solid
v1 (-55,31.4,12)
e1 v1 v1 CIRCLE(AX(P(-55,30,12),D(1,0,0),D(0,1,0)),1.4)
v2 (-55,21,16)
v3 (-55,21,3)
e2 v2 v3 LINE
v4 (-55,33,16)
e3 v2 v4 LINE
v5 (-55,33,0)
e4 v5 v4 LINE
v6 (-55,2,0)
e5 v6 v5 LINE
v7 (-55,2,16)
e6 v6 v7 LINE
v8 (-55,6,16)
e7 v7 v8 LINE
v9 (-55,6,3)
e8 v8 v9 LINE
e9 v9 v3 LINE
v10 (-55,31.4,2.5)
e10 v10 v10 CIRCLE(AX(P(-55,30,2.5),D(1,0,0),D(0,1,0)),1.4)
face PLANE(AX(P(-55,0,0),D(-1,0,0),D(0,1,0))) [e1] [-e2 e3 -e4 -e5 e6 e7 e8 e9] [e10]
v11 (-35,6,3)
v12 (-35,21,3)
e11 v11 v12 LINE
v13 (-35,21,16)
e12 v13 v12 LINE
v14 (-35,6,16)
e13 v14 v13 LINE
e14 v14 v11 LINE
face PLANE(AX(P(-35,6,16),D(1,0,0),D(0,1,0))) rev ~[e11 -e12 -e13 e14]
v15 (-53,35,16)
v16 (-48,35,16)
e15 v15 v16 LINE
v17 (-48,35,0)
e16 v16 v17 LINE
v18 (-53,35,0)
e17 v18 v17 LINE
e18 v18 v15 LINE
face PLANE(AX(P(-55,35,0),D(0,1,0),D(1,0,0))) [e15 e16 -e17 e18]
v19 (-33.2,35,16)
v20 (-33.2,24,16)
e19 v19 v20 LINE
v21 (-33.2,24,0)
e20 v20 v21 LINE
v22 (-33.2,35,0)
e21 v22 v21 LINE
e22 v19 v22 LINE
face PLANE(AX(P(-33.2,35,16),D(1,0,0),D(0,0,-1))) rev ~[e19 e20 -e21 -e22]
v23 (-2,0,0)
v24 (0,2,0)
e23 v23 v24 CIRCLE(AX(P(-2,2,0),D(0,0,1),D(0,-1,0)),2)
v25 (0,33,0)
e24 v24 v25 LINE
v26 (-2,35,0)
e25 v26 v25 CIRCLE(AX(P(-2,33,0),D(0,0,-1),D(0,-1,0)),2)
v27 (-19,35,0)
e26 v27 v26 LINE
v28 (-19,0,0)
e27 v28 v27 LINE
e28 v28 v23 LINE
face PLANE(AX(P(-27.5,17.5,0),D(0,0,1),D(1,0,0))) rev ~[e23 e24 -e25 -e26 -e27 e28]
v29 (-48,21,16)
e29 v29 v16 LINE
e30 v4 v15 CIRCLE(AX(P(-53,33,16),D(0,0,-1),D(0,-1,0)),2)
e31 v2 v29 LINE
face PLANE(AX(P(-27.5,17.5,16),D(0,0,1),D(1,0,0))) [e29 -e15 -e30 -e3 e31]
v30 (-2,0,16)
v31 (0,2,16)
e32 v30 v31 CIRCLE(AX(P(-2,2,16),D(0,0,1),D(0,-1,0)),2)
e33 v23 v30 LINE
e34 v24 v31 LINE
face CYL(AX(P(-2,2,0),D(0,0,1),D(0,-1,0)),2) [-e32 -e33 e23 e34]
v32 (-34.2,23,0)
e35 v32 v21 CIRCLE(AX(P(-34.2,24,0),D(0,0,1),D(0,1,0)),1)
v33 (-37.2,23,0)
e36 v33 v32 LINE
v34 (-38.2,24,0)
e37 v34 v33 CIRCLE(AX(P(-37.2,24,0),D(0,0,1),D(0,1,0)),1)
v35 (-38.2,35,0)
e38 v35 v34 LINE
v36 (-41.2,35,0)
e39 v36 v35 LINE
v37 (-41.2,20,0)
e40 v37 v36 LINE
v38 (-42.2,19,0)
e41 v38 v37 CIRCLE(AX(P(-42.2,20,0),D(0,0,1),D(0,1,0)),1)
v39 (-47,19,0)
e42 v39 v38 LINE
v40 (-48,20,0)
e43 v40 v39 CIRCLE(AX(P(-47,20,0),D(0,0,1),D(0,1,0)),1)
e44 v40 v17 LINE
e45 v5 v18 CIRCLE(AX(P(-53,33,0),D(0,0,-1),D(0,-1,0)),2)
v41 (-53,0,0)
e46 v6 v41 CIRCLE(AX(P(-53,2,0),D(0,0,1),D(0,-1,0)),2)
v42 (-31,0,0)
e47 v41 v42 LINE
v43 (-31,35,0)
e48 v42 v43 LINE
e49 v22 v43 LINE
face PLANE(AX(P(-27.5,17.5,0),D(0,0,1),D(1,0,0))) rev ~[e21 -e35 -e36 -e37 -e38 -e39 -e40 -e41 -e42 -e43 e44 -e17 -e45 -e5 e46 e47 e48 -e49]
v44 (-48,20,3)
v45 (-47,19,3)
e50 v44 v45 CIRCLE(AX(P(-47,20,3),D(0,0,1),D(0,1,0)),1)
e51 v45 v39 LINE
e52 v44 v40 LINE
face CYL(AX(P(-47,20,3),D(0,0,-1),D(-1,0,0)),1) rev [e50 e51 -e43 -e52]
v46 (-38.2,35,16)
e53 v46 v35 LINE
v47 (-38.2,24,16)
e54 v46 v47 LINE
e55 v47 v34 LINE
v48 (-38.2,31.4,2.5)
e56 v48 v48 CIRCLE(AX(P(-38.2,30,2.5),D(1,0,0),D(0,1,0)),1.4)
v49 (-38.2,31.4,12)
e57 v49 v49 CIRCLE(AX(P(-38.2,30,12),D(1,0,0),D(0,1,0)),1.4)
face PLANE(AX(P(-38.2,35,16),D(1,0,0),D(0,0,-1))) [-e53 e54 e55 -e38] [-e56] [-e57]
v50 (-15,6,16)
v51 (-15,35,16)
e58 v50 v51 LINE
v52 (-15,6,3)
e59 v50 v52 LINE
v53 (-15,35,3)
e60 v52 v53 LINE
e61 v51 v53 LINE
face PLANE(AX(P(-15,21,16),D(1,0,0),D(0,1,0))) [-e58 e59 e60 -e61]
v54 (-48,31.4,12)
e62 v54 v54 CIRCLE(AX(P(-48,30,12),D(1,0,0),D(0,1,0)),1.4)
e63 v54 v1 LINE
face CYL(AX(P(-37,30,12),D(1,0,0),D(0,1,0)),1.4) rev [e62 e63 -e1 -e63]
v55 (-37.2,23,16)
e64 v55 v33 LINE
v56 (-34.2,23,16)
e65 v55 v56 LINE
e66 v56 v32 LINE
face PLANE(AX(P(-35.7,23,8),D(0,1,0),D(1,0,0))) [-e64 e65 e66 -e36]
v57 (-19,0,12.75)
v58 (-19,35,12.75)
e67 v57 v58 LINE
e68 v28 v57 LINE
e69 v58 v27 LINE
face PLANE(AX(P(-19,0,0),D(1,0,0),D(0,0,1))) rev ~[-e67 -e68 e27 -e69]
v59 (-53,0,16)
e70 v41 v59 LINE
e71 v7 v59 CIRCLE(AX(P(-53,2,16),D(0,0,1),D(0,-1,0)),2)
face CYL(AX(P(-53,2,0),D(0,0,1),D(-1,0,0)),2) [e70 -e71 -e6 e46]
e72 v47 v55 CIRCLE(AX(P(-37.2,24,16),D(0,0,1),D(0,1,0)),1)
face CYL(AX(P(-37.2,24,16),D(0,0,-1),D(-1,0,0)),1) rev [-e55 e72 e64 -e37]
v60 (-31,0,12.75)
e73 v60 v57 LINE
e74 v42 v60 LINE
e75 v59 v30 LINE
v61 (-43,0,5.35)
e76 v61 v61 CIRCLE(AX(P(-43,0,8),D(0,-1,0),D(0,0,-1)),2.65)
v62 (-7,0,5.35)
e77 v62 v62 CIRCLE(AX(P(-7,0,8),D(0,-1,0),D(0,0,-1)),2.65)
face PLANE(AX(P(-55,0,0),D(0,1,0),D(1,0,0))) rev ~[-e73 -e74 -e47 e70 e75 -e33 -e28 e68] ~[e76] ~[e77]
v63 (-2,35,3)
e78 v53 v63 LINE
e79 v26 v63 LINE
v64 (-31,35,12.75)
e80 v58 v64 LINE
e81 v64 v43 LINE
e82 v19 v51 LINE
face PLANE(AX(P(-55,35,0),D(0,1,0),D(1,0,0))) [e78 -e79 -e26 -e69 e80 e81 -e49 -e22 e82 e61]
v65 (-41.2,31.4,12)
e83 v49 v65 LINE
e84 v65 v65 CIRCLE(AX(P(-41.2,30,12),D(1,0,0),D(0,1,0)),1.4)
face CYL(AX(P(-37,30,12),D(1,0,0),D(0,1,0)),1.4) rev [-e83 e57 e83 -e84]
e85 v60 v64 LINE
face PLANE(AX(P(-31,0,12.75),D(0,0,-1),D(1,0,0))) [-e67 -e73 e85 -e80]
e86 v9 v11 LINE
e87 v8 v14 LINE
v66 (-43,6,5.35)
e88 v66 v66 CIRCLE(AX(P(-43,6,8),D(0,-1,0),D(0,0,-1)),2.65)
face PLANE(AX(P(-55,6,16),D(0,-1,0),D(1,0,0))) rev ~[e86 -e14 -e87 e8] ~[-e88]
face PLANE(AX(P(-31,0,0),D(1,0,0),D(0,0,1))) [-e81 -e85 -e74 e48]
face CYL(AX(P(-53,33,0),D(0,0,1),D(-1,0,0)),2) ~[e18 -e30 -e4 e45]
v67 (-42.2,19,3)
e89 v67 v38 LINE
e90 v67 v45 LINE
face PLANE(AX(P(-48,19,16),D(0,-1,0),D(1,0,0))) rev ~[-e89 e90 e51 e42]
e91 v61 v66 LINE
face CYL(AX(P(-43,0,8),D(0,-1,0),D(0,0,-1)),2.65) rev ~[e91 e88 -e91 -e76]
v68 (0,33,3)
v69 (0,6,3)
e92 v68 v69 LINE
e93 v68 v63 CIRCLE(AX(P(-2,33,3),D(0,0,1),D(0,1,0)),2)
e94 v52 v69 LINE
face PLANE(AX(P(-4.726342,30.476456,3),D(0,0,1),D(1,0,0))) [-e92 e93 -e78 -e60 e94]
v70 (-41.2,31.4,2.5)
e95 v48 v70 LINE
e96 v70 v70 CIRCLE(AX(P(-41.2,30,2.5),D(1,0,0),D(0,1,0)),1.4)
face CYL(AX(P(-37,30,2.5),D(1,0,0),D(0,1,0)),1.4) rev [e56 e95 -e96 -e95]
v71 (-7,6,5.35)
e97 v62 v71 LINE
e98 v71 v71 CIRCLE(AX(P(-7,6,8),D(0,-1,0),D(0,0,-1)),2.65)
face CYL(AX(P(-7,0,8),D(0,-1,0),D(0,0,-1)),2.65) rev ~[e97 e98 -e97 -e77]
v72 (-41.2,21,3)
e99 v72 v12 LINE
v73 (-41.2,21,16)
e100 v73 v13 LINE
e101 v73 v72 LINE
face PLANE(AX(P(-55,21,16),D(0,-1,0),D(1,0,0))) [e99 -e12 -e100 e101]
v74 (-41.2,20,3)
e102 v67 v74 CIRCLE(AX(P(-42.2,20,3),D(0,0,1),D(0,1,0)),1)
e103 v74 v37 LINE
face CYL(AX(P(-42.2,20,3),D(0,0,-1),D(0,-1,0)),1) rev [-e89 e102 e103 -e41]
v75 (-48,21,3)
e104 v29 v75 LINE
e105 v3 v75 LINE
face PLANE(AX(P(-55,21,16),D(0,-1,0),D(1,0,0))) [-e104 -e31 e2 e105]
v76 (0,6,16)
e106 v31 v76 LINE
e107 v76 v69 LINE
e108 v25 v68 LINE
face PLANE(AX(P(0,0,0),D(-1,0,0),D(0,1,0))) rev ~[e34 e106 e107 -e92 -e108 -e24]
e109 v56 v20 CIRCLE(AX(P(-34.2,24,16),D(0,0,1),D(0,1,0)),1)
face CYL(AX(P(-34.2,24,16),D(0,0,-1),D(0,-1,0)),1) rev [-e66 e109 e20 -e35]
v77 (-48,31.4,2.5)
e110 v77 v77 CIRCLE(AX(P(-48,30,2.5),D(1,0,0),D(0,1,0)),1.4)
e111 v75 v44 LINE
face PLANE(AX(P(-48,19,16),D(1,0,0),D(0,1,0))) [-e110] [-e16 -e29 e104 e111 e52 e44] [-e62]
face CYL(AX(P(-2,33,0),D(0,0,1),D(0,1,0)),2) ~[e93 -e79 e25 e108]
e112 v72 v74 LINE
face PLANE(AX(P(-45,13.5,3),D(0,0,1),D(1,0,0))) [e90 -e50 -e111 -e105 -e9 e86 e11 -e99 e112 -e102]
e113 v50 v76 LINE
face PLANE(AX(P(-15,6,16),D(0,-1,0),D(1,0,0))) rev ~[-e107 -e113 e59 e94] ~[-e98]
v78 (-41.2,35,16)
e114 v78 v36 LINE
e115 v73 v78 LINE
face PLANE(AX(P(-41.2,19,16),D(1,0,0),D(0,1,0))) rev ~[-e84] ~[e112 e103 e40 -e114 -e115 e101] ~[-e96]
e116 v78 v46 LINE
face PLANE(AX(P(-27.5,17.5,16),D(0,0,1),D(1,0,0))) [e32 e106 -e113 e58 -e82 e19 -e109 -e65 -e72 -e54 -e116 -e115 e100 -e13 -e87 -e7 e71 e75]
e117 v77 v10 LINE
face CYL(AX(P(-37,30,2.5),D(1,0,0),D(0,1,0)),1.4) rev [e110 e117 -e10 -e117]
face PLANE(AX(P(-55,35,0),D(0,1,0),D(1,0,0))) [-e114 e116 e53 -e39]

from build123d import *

# Parameters (mm, degrees)
SKETCH_1_W               = 55
SKETCH_1_H               = 35
EXTRUDE_1_DEPTH          = 16
SKETCH_3_R               = 2.65
CUT_EXTRUDE_2_DEPTH      = 13
SKETCH_4_W               = 12
SKETCH_4_H               = 12.75
CUT_EXTRUDE_3_DEPTH      = 68.126745787
FILLET_1_R               = 2
CUT_EXTRUDE_9_DEPTH      = 68.126745787
CUT_EXTRUDE_9_DEPTH_BACK = 18
SKETCH_11_R              = 1.4
SKETCH_12_W              = 6.8
SKETCH_12_H              = 16
CUT_EXTRUDE_10_DEPTH     = 68.126745787
SKETCH_13_W              = 15
SKETCH_13_H              = 15
SKETCH_13_W_2            = 20
CUT_EXTRUDE_12_DEPTH     = 13
SKETCH_15_W              = 20.5473163
SKETCH_15_H              = 18.952912532
CUT_EXTRUDE_13_DEPTH     = 13
SKETCH_16_W              = 5
SKETCH_16_H              = 16
CUT_EXTRUDE_14_DEPTH     = 12
FILLET_3_R               = 1


with BuildPart() as part:
    # 草图1 → 凸台-拉伸1 (new body)
    with BuildSketch(Plane.XY):
        with Locations((-27.5, 17.5)):
            Rectangle(SKETCH_1_W, SKETCH_1_H)
    extrude(amount=EXTRUDE_1_DEPTH)

    # 草图3 → 切除-拉伸2 (cut)
    with BuildSketch(Plane.XZ):
        with Locations(Location((-43, 8, 0), (0, 0, 270))):
            Circle(SKETCH_3_R)
        with Locations(Location((-7, 8, 0), (0, 0, 270))):
            Circle(SKETCH_3_R)
    extrude(amount=-CUT_EXTRUDE_2_DEPTH, mode=Mode.SUBTRACT)

    # 草图4 → 切除-拉伸3 (cut, through all)
    with BuildSketch(Plane.XZ):
        with Locations((-25, 6.375)):
            Rectangle(SKETCH_4_W, SKETCH_4_H)
    extrude(amount=-CUT_EXTRUDE_3_DEPTH, mode=Mode.SUBTRACT)

    # 圆角1
    fillet_1_edges = [part.edges().sort_by_distance(p)[0] for p in [
        (-55, 35, 8),
        (0, 35, 8),
        (0, 0, 8),
        (-55, 0, 8),
    ]]
    fillet(fillet_1_edges, radius=FILLET_1_R)

    # 草图11 → 切除-拉伸9 (cut, two sides: drawn at the far end of the back side and taken through both)
    with BuildSketch(Plane.ZY.offset(55).offset(-CUT_EXTRUDE_9_DEPTH_BACK)):
        with Locations(Location((12, 30, 0), (0, 0, 90))):
            Circle(SKETCH_11_R)
        with Locations(Location((2.5, 30, 0), (0, 0, 90))):
            Circle(SKETCH_11_R)
    extrude(amount=CUT_EXTRUDE_9_DEPTH + CUT_EXTRUDE_9_DEPTH_BACK, mode=Mode.SUBTRACT)

    # 草图12 → 切除-拉伸10 (cut, through all)
    with BuildSketch(Plane.XY.offset(16)):
        with Locations((-44.6, 27)):
            Rectangle(SKETCH_12_W, SKETCH_12_H)
    extrude(amount=-CUT_EXTRUDE_10_DEPTH, mode=Mode.SUBTRACT)

    # 草图13 → 切除-拉伸12 (cut)
    with BuildSketch(Plane.XY.offset(16)):
        with Locations((-7.5, 13.5)):
            Rectangle(SKETCH_13_W, SKETCH_13_H)
        with Locations((-45, 13.5)):
            Rectangle(SKETCH_13_W_2, SKETCH_13_H)
    extrude(amount=-CUT_EXTRUDE_12_DEPTH, mode=Mode.SUBTRACT)

    # 草图15 → 切除-拉伸13 (cut)
    with BuildSketch(Plane.XY.offset(16)):
        with Locations((-4.72634185, 30.476456266)):
            Rectangle(SKETCH_15_W, SKETCH_15_H)
    extrude(amount=-CUT_EXTRUDE_13_DEPTH, mode=Mode.SUBTRACT)

    # 草图16 → 切除-拉伸14 (cut)
    with BuildSketch(Plane(origin=(0, 35, 0), x_dir=(1, 0, 0), z_dir=(0, 1, 0))):
        with Locations((-35.7, -8)):
            Rectangle(SKETCH_16_W, SKETCH_16_H)
    extrude(amount=-CUT_EXTRUDE_14_DEPTH, mode=Mode.SUBTRACT)

    # 圆角3
    fillet_3_edges = [part.edges().sort_by_distance(p)[0] for p in [
        (-38.2, 23, 8),
        (-33.2, 23, 8),
        (-48, 19, 1.5),
        (-41.2, 19, 1.5),
    ]]
    fillet(fillet_3_edges, radius=FILLET_3_R)


solid = part.part
